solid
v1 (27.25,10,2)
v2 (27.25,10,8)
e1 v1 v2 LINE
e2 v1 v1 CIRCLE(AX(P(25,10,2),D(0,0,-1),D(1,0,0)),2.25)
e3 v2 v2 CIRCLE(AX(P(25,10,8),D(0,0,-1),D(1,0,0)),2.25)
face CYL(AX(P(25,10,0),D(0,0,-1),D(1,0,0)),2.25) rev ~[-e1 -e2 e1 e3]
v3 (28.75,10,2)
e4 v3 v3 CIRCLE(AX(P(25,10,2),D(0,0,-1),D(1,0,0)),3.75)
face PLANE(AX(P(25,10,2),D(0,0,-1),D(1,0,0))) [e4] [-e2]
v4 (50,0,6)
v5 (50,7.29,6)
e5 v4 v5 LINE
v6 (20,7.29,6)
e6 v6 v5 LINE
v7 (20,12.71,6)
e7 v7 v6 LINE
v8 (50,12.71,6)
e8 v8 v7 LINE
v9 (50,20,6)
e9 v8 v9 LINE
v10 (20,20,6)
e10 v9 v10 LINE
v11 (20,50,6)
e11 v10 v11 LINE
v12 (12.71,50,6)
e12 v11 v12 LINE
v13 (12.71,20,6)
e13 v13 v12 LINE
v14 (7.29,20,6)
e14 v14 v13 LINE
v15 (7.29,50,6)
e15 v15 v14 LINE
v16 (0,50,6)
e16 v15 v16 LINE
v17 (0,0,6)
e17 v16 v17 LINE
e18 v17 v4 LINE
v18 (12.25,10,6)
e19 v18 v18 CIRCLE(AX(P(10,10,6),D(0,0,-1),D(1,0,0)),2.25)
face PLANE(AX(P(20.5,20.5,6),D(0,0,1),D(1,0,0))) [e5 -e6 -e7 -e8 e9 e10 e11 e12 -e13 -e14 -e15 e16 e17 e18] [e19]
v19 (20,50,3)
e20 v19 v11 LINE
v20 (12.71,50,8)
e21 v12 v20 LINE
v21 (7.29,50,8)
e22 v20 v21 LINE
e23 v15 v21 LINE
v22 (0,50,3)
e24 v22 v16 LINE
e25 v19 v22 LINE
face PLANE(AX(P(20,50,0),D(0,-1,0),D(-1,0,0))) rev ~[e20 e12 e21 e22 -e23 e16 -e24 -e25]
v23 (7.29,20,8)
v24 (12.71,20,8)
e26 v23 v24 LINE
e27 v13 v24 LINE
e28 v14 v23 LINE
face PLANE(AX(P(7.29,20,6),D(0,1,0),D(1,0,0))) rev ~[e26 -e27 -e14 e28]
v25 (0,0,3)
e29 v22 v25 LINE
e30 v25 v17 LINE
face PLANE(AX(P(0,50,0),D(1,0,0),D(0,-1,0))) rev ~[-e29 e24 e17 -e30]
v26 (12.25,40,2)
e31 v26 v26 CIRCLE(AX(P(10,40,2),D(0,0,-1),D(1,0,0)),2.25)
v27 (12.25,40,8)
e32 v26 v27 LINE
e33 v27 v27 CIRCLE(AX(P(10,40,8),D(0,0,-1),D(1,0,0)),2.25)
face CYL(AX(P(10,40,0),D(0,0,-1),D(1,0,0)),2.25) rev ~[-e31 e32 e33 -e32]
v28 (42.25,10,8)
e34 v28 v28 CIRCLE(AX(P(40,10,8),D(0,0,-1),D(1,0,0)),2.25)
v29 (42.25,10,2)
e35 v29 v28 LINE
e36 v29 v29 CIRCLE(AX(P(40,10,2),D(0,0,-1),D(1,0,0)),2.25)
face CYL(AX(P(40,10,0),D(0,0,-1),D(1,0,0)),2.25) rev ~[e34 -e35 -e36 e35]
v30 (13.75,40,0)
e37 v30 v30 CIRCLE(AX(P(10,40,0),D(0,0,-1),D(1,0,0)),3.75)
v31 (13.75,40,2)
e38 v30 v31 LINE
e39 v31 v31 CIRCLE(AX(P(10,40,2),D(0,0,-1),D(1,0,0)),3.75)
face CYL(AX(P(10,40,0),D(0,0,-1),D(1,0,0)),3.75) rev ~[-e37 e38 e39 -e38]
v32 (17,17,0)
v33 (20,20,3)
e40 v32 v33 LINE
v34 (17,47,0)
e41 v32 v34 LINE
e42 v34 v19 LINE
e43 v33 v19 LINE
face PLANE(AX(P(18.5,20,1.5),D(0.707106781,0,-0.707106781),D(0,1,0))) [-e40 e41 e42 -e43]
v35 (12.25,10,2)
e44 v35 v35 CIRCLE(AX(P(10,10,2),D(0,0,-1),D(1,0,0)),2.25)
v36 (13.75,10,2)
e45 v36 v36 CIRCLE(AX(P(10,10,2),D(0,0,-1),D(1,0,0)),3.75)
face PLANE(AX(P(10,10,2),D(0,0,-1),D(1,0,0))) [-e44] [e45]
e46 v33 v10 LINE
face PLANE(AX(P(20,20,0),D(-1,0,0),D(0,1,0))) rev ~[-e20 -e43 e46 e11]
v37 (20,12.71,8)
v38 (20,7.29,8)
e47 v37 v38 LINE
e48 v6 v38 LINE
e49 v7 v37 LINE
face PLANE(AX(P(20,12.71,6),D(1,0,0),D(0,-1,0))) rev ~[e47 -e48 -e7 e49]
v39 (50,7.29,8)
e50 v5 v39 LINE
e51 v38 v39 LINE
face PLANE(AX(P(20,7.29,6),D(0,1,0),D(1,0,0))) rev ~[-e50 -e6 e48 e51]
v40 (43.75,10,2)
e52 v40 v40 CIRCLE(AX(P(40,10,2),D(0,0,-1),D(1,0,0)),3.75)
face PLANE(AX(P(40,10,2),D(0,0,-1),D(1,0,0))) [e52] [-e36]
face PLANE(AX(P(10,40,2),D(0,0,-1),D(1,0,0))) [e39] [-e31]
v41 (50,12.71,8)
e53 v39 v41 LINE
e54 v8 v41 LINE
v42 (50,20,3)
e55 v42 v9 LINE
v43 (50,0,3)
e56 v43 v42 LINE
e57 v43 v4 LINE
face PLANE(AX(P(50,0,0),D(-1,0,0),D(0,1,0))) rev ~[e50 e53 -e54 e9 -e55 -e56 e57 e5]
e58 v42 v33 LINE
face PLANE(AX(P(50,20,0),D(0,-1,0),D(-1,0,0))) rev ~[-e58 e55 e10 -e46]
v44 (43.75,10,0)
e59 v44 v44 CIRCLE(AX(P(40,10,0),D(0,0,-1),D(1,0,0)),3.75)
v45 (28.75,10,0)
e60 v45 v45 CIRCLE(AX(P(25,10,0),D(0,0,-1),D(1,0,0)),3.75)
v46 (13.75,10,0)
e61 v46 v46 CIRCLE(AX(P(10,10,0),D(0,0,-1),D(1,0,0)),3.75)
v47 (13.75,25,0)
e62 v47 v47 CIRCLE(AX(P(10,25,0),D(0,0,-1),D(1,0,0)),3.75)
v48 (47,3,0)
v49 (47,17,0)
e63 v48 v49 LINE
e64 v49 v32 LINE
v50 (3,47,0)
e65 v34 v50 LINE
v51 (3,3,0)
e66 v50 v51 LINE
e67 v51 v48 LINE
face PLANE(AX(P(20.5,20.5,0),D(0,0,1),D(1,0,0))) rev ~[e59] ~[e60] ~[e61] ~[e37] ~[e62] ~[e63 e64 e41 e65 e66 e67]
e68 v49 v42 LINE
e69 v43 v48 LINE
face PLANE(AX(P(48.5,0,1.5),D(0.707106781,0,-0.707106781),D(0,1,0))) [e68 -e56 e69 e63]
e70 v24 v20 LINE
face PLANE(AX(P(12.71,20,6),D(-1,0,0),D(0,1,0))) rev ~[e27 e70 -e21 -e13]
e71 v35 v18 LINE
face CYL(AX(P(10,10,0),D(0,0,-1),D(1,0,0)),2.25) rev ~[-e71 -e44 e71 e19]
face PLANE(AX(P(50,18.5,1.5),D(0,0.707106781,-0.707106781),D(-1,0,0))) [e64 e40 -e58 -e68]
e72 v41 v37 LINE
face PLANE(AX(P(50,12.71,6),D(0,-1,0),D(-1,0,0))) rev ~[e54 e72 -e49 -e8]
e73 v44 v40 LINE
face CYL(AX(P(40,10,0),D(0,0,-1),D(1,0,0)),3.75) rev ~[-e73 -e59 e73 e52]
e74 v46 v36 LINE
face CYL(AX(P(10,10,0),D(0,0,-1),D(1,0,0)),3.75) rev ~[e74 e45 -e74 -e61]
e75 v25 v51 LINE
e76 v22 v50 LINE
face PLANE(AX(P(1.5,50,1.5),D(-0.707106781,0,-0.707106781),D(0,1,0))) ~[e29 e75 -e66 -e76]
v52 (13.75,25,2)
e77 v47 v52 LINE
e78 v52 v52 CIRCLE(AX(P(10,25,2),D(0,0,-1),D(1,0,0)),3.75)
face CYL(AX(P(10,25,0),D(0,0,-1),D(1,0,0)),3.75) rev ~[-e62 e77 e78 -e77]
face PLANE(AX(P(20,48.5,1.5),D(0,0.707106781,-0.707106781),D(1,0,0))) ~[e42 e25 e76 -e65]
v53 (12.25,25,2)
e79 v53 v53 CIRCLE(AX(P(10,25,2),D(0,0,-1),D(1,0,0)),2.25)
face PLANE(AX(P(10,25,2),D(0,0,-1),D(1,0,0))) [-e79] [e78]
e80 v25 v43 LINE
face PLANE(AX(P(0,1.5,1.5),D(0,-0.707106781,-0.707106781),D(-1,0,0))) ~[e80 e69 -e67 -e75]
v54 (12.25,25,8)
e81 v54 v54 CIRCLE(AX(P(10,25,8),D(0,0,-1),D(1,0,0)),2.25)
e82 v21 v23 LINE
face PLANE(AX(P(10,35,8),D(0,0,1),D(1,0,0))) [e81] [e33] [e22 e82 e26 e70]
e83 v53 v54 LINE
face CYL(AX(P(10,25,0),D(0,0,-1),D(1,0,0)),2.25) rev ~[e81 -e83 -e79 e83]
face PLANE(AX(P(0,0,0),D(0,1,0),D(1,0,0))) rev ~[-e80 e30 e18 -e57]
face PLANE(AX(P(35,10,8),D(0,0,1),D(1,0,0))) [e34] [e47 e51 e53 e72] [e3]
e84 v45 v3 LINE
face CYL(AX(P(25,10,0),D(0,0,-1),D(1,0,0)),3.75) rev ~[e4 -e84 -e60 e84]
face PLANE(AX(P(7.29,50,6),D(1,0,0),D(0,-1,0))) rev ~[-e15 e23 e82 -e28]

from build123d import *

# Parameters (mm, degrees)
F1_DEPTH = 6
F3_DEPTH = 2
F4_R     = 2.25
F5_DEPTH = 8.001
F6_R     = 3.75
F7_DEPTH = 2
F8_SIZE  = 3


with BuildPart() as f1:
    # F0 (on Top) → F1 (new body)
    with BuildSketch(Plane.XY):
        Polygon((0, 50), (0, 0), (50, 0), (50, 20), (20, 20), (20, 50), align=None)
    extrude(amount=F1_DEPTH)

    # F2 (on face) → F3 (join)
    with BuildSketch(Plane.XY.offset(6)):
        Polygon((12.71, 50), (7.29, 50), (7.29, 20), (10, 20), (12.71, 20), align=None)
        Polygon((50, 7.29), (50, 12.71), (20, 12.71), (20, 10), (20, 7.29), align=None)
    extrude(amount=F3_DEPTH)

    # F4 (on face) → F5 (cut, through all)
    with BuildSketch(Plane(origin=(0, 0, 0), x_dir=(1, 0, 0), z_dir=(0, 0, -1))):
        with Locations((10, -10)):
            Circle(F4_R)
        with Locations((40, -10)):
            Circle(F4_R)
        with Locations((10, -40)):
            Circle(F4_R)
        with Locations((25, -10)):
            Circle(F4_R)
        with Locations((10, -25)):
            Circle(F4_R)
    extrude(amount=-F5_DEPTH, mode=Mode.SUBTRACT)

    # F6 (on face) → F7 (cut)
    with BuildSketch(Plane(origin=(0, 0, 0), x_dir=(1, 0, 0), z_dir=(0, 0, -1))):
        with Locations((10, -10)):
            Circle(F6_R)
        with Locations((25, -10)):
            Circle(F6_R)
        with Locations((40, -10)):
            Circle(F6_R)
        with Locations((10, -25)):
            Circle(F6_R)
        with Locations((10, -40)):
            Circle(F6_R)
    extrude(amount=-F7_DEPTH, mode=Mode.SUBTRACT)

    # F8
    f8_edges = [f1.edges().sort_by_distance(p)[0] for p in [
        (25, 0, 0),
        (0, 25, 0),
        (20, 35, 0),
        (35, 20, 0),
        (50, 10, 0),
        (10, 50, 0),
    ]]
    chamfer(f8_edges, length=F8_SIZE)


solid = f1.part
